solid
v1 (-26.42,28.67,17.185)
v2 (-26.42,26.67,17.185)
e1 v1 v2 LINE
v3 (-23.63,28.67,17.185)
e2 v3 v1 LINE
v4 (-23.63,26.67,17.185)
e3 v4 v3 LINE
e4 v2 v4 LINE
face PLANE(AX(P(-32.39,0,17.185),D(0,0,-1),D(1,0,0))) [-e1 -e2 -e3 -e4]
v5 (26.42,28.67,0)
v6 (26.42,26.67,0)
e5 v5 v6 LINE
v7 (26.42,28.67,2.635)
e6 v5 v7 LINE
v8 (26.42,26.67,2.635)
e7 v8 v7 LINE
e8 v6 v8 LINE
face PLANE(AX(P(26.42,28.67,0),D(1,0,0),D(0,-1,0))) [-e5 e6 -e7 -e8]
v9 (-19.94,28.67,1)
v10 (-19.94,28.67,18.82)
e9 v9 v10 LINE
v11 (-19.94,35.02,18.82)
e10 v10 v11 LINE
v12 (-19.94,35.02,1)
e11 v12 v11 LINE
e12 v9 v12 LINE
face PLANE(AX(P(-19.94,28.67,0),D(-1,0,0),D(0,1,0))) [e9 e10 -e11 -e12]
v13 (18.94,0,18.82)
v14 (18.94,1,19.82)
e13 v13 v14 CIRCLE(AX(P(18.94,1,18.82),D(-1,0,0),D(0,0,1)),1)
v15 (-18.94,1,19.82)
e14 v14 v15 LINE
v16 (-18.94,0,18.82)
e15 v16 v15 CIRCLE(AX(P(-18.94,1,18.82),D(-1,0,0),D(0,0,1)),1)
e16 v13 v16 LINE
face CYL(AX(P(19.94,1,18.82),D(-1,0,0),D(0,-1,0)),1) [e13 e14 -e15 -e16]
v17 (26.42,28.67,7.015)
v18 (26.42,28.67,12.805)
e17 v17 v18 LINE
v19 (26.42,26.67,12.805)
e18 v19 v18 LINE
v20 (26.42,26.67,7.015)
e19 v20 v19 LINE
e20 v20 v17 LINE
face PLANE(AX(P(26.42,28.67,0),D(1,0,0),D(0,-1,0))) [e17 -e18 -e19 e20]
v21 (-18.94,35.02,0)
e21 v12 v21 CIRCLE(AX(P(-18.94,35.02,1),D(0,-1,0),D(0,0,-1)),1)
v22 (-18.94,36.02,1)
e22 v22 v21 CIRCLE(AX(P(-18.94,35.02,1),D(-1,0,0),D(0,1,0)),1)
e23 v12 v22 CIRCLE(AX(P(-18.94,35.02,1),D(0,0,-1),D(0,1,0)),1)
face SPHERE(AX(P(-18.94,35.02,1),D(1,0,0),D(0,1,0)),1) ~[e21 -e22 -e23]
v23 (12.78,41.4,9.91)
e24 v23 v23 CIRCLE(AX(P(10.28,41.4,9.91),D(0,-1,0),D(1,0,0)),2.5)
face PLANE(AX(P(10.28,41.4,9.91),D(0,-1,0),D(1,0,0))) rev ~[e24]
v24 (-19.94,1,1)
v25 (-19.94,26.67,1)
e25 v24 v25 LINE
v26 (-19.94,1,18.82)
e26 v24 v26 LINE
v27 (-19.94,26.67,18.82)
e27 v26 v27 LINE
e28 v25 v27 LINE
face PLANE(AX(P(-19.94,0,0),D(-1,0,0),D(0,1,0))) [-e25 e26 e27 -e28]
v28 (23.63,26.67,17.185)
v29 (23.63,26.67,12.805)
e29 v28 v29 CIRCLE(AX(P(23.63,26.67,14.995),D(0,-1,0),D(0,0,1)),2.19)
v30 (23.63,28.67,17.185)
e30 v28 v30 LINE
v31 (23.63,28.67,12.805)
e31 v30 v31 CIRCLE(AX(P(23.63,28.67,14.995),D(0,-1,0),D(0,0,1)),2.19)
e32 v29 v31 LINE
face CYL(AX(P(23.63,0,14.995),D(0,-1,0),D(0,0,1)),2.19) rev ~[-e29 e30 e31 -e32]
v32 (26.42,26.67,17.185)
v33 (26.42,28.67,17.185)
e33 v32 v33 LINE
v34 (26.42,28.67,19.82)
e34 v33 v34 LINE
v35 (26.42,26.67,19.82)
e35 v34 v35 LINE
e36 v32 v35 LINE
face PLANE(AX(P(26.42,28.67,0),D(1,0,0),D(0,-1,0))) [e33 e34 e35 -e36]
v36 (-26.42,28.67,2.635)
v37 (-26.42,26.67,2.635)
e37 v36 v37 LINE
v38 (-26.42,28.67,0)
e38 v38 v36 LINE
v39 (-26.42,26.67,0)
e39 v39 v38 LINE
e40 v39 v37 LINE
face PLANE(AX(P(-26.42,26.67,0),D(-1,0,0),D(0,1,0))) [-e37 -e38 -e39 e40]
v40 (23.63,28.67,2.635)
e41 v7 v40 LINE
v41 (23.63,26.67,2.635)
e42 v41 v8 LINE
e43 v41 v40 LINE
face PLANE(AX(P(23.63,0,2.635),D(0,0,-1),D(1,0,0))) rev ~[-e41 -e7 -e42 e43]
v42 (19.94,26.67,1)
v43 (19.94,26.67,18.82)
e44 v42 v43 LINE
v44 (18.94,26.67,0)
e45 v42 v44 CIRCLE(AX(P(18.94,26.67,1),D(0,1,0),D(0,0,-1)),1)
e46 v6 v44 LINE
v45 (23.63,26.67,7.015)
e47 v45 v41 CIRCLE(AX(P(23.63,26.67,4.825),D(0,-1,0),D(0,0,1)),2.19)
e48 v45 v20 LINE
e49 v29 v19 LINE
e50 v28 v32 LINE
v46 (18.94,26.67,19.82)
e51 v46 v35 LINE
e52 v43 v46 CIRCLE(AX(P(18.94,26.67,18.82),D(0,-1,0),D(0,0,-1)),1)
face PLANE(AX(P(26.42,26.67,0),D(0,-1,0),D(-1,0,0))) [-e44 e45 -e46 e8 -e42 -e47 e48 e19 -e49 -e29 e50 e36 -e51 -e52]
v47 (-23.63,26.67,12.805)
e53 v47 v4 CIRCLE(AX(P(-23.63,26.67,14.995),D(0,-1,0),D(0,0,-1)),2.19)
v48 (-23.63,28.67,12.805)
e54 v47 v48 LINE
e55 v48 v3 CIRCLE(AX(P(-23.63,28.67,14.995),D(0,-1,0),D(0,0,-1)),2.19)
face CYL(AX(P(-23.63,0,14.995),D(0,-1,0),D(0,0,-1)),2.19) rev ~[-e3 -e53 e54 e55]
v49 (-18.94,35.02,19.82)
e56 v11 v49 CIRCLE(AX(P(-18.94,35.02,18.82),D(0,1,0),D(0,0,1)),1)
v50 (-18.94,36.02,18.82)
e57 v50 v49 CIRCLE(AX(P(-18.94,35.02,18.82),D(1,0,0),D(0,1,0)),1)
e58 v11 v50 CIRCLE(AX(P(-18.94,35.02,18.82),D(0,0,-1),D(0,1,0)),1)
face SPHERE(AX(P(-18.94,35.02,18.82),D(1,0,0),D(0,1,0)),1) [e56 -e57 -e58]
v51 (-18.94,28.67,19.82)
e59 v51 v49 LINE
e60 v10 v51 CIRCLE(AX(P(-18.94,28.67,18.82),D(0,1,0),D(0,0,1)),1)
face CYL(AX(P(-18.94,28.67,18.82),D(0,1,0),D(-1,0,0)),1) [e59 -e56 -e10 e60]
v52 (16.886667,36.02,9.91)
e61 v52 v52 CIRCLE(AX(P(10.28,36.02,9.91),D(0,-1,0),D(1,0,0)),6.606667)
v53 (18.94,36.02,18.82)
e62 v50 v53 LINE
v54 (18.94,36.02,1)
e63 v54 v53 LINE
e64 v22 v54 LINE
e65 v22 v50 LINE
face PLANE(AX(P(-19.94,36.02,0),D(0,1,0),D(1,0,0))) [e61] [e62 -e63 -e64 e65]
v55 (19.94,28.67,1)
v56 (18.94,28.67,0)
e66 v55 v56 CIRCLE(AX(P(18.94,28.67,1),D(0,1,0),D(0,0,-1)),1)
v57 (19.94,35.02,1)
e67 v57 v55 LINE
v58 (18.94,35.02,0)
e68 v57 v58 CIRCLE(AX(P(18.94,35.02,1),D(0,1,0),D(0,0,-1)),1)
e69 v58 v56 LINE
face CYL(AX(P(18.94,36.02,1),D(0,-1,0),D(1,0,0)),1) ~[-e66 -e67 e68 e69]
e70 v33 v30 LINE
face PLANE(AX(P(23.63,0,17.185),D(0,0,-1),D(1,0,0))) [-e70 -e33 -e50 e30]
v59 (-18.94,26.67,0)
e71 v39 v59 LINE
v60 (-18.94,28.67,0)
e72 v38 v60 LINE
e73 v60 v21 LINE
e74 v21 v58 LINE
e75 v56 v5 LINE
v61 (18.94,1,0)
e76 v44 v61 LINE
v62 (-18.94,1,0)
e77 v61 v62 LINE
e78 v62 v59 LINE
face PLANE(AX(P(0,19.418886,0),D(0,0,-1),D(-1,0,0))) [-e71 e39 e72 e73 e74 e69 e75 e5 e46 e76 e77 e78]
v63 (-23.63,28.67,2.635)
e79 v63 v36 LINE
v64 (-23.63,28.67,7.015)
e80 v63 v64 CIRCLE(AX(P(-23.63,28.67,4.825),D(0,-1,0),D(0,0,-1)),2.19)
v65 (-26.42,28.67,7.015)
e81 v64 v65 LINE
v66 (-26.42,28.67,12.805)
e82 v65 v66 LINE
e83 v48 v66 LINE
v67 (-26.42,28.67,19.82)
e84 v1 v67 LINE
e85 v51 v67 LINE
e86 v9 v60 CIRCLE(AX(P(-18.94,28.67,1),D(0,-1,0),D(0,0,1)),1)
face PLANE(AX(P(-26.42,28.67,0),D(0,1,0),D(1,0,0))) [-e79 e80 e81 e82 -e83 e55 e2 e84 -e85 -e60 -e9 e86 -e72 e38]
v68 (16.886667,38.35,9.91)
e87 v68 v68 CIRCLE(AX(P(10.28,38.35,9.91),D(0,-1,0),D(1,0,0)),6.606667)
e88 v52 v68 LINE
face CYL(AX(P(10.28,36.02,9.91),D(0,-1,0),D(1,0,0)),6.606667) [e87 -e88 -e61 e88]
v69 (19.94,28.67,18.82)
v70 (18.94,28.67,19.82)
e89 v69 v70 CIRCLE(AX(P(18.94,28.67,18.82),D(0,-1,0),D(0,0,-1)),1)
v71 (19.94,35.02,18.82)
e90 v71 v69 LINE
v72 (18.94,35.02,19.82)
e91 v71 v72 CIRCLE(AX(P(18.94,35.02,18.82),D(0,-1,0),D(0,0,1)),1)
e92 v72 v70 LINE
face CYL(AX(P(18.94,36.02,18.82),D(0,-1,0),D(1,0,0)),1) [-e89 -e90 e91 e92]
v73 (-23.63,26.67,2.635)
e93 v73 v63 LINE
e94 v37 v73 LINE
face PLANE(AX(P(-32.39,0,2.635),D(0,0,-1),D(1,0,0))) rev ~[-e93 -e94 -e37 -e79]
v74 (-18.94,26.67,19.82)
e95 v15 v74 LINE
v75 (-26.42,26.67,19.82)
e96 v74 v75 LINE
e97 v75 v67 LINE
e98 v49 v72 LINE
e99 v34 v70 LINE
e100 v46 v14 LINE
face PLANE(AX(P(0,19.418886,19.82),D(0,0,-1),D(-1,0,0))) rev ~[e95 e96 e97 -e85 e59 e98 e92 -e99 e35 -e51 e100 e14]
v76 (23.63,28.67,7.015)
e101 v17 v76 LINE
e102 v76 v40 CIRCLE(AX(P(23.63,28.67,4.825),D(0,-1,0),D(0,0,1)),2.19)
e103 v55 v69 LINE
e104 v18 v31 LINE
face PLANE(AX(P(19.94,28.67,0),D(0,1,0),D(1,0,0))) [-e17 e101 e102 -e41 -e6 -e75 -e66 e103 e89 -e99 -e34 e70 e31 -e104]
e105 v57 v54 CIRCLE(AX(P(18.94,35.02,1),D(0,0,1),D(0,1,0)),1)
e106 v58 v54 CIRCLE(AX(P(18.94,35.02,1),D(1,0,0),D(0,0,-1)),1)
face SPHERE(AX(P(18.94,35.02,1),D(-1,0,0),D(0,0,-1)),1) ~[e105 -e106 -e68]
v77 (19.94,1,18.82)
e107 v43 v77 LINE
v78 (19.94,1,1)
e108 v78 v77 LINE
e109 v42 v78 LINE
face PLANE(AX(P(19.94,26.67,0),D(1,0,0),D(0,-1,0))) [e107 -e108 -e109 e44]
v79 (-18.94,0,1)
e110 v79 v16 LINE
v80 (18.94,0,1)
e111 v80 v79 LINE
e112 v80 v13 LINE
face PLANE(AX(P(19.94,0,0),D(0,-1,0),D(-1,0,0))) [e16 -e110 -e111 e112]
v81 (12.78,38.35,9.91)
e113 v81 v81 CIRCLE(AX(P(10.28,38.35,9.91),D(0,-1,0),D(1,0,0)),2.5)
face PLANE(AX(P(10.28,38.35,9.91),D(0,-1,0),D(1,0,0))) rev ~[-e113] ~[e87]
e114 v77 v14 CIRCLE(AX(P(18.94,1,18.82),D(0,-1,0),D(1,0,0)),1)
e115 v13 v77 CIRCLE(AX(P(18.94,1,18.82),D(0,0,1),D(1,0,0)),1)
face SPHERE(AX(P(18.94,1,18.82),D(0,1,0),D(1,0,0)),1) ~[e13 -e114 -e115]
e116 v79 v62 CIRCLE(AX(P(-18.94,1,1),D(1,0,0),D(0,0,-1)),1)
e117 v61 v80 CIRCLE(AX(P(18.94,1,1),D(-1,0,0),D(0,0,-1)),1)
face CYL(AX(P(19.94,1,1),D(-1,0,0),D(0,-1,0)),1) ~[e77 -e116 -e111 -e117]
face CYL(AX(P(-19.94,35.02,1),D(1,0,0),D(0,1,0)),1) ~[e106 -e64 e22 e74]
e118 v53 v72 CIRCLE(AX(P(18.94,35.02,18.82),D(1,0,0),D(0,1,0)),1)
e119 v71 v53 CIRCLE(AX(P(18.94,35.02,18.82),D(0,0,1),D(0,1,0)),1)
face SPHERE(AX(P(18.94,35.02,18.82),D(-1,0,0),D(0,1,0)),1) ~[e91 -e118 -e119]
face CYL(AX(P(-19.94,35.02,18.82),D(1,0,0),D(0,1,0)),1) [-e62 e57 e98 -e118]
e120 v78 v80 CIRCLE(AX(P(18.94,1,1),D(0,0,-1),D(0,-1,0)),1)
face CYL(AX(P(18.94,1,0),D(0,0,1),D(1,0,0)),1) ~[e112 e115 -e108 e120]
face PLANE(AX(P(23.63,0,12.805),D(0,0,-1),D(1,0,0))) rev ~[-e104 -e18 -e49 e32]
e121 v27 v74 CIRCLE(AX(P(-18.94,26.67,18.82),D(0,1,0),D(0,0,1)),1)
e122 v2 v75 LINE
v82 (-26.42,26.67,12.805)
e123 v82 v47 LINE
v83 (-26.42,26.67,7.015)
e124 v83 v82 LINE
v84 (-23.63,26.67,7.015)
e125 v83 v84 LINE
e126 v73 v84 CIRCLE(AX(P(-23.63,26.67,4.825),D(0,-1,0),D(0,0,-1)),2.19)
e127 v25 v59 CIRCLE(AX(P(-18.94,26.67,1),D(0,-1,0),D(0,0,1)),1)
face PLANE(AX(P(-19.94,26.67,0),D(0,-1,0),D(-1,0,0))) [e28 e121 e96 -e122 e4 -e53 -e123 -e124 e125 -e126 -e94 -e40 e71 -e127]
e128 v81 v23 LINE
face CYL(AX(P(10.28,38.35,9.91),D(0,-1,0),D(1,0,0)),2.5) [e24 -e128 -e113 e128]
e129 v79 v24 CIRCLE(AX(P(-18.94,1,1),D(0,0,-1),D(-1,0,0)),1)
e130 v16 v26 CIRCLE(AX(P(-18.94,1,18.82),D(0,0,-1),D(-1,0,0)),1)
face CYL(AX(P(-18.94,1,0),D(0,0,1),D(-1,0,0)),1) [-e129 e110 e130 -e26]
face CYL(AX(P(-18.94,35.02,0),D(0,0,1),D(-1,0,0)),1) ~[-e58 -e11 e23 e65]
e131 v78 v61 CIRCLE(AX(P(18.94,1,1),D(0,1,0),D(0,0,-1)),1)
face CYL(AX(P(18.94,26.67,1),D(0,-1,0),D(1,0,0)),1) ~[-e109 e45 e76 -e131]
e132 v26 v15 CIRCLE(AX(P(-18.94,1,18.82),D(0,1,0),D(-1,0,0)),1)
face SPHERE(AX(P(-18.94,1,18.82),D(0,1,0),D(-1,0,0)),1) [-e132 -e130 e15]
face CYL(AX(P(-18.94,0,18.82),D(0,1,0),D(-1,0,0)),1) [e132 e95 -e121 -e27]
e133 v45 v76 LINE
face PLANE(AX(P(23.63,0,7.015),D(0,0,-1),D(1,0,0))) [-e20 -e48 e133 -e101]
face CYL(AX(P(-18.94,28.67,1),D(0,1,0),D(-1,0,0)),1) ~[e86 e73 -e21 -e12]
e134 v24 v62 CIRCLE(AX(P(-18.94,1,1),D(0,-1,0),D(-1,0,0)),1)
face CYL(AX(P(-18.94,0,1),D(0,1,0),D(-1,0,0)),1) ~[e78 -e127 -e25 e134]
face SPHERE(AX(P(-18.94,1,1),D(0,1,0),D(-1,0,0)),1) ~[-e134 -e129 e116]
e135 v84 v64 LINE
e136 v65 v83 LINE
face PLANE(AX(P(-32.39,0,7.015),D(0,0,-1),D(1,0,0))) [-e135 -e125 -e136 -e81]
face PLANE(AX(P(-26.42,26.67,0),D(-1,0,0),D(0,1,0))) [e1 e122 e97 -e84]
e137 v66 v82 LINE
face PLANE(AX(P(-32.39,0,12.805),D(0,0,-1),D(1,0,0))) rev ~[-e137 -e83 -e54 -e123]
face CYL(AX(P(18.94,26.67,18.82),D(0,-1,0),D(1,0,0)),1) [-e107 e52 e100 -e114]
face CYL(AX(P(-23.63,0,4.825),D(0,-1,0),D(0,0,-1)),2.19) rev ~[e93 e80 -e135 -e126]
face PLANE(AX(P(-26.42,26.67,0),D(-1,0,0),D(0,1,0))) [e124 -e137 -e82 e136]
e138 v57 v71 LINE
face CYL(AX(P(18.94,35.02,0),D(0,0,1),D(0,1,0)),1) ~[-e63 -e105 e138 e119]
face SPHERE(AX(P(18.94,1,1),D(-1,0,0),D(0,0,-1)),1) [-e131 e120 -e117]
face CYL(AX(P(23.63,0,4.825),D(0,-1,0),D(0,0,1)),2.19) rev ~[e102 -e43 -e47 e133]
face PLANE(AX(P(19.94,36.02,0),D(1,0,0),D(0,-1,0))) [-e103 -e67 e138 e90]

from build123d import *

# Parameters (mm, degrees)
PAD002_DEPTH = 36.02
PAD003_DEPTH = 36.02
PAD004_DEPTH = 36.02
PAD001_DEPTH = 36.02
SKETCH005_R  = 2.5
PAD005_DEPTH = 3.05
SKETCH006_R  = 6.606667
PAD006_DEPTH = 2.33
PAD_DEPTH    = 19.82
FILLET_R     = 1


with BuildPart() as body002:
    # Sketch002 → Pad002 (new body)
    with BuildSketch(Plane.XZ):
        with BuildLine():
            ThreePointArc((-32.39, 17.185), (-34.58, 14.995), (-32.39, 12.805))
            Line((-32.39, 12.805), (-23.63, 12.805))
            ThreePointArc((-23.63, 12.805), (-21.44, 14.995), (-23.63, 17.185))
            Line((-32.39, 17.185), (-23.63, 17.185))
        make_face()
    extrude(amount=-PAD002_DEPTH)


with BuildPart() as body003:
    # Sketch003 → Pad003 (new body)
    with BuildSketch(Plane.XZ):
        with BuildLine():
            ThreePointArc((23.63, 7.015), (21.44, 4.825), (23.63, 2.635))
            Line((23.63, 2.635), (32.39, 2.635))
            ThreePointArc((32.39, 2.635), (34.58, 4.825), (32.39, 7.015))
            Line((23.63, 7.015), (32.39, 7.015))
        make_face()
    extrude(amount=-PAD003_DEPTH)


with BuildPart() as body004:
    # Sketch004 → Pad004 (new body)
    with BuildSketch(Plane.XZ):
        with BuildLine():
            ThreePointArc((23.63, 17.185), (21.44, 14.995), (23.63, 12.805))
            Line((23.63, 12.805), (32.39, 12.805))
            ThreePointArc((32.39, 12.805), (34.58, 14.995), (32.39, 17.185))
            Line((23.63, 17.185), (32.39, 17.185))
        make_face()
    extrude(amount=-PAD004_DEPTH)


with BuildPart() as fusion:
    # Sketch001 → Pad001 (new body)
    with BuildSketch(Plane.XZ):
        with BuildLine():
            ThreePointArc((-32.39, 7.015), (-34.58, 4.825), (-32.39, 2.635))
            Line((-32.39, 2.635), (-23.63, 2.635))
            ThreePointArc((-23.63, 2.635), (-21.44, 4.825), (-23.63, 7.015))
            Line((-32.39, 7.015), (-23.63, 7.015))
        make_face()
    extrude(amount=-PAD001_DEPTH)

    # Fusion: union Body002, Body003, Body004
    add(body002.part)
    add(body003.part)
    add(body004.part)


with BuildPart() as body005:
    # Sketch005 → Pad005 (new body)
    with BuildSketch(Plane.XZ):
        with Locations((10.28, 9.91)):
            Circle(SKETCH005_R)
    extrude(amount=-PAD005_DEPTH)


with BuildPart() as body005_1:
    # Body005 placement: moved
    add(body005.part.moved(Location((0, 38.35, 0))))


with BuildPart() as body006:
    # Sketch006 → Pad006 (new body)
    with BuildSketch(Plane.XZ):
        with Locations((10.28, 9.91)):
            Circle(SKETCH006_R)
    extrude(amount=-PAD006_DEPTH)


with BuildPart() as body006_1:
    # Body006 placement: moved
    add(body006.part.moved(Location((0, 36.02, 0))))


with BuildPart() as cut:
    # Sketch → Pad (new body)
    with BuildSketch(Plane.XY):
        Polygon((-19.94, 0), (-19.94, 26.67), (-26.42, 26.67), (-26.42, 28.67), (-19.94, 28.67), (-19.94, 36.02), (19.94, 36.02), (19.94, 28.67), (26.42, 28.67), (26.42, 26.67), (19.94, 26.67), (19.94, 0), align=None)
    extrude(amount=PAD_DEPTH)

    # Fillet
    fillet_edges = [cut.edges().sort_by_distance(p)[0] for p in [
        (0, 36.02, 19.82),
        (0, 36.02, 0),
        (-19.94, 36.02, 9.91),
        (-19.94, 32.345, 0),
        (-19.94, 32.345, 19.82),
        (-19.94, 13.335, 0),
        (-19.94, 13.335, 19.82),
        (-19.94, 0, 9.91),
        (0, 0, 0),
        (19.94, 13.335, 0),
        (19.94, 32.345, 0),
        (19.94, 36.02, 9.91),
        (19.94, 32.345, 19.82),
        (19.94, 13.335, 19.82),
        (19.94, 0, 9.91),
        (0, 0, 19.82),
    ]]
    fillet(fillet_edges, radius=FILLET_R)

    # Fusion001: union Body005, Body006
    add(body005_1.part)
    add(body006_1.part)

    # Cut: cut Fusion
    add(fusion.part, mode=Mode.SUBTRACT)


solid = cut.part
